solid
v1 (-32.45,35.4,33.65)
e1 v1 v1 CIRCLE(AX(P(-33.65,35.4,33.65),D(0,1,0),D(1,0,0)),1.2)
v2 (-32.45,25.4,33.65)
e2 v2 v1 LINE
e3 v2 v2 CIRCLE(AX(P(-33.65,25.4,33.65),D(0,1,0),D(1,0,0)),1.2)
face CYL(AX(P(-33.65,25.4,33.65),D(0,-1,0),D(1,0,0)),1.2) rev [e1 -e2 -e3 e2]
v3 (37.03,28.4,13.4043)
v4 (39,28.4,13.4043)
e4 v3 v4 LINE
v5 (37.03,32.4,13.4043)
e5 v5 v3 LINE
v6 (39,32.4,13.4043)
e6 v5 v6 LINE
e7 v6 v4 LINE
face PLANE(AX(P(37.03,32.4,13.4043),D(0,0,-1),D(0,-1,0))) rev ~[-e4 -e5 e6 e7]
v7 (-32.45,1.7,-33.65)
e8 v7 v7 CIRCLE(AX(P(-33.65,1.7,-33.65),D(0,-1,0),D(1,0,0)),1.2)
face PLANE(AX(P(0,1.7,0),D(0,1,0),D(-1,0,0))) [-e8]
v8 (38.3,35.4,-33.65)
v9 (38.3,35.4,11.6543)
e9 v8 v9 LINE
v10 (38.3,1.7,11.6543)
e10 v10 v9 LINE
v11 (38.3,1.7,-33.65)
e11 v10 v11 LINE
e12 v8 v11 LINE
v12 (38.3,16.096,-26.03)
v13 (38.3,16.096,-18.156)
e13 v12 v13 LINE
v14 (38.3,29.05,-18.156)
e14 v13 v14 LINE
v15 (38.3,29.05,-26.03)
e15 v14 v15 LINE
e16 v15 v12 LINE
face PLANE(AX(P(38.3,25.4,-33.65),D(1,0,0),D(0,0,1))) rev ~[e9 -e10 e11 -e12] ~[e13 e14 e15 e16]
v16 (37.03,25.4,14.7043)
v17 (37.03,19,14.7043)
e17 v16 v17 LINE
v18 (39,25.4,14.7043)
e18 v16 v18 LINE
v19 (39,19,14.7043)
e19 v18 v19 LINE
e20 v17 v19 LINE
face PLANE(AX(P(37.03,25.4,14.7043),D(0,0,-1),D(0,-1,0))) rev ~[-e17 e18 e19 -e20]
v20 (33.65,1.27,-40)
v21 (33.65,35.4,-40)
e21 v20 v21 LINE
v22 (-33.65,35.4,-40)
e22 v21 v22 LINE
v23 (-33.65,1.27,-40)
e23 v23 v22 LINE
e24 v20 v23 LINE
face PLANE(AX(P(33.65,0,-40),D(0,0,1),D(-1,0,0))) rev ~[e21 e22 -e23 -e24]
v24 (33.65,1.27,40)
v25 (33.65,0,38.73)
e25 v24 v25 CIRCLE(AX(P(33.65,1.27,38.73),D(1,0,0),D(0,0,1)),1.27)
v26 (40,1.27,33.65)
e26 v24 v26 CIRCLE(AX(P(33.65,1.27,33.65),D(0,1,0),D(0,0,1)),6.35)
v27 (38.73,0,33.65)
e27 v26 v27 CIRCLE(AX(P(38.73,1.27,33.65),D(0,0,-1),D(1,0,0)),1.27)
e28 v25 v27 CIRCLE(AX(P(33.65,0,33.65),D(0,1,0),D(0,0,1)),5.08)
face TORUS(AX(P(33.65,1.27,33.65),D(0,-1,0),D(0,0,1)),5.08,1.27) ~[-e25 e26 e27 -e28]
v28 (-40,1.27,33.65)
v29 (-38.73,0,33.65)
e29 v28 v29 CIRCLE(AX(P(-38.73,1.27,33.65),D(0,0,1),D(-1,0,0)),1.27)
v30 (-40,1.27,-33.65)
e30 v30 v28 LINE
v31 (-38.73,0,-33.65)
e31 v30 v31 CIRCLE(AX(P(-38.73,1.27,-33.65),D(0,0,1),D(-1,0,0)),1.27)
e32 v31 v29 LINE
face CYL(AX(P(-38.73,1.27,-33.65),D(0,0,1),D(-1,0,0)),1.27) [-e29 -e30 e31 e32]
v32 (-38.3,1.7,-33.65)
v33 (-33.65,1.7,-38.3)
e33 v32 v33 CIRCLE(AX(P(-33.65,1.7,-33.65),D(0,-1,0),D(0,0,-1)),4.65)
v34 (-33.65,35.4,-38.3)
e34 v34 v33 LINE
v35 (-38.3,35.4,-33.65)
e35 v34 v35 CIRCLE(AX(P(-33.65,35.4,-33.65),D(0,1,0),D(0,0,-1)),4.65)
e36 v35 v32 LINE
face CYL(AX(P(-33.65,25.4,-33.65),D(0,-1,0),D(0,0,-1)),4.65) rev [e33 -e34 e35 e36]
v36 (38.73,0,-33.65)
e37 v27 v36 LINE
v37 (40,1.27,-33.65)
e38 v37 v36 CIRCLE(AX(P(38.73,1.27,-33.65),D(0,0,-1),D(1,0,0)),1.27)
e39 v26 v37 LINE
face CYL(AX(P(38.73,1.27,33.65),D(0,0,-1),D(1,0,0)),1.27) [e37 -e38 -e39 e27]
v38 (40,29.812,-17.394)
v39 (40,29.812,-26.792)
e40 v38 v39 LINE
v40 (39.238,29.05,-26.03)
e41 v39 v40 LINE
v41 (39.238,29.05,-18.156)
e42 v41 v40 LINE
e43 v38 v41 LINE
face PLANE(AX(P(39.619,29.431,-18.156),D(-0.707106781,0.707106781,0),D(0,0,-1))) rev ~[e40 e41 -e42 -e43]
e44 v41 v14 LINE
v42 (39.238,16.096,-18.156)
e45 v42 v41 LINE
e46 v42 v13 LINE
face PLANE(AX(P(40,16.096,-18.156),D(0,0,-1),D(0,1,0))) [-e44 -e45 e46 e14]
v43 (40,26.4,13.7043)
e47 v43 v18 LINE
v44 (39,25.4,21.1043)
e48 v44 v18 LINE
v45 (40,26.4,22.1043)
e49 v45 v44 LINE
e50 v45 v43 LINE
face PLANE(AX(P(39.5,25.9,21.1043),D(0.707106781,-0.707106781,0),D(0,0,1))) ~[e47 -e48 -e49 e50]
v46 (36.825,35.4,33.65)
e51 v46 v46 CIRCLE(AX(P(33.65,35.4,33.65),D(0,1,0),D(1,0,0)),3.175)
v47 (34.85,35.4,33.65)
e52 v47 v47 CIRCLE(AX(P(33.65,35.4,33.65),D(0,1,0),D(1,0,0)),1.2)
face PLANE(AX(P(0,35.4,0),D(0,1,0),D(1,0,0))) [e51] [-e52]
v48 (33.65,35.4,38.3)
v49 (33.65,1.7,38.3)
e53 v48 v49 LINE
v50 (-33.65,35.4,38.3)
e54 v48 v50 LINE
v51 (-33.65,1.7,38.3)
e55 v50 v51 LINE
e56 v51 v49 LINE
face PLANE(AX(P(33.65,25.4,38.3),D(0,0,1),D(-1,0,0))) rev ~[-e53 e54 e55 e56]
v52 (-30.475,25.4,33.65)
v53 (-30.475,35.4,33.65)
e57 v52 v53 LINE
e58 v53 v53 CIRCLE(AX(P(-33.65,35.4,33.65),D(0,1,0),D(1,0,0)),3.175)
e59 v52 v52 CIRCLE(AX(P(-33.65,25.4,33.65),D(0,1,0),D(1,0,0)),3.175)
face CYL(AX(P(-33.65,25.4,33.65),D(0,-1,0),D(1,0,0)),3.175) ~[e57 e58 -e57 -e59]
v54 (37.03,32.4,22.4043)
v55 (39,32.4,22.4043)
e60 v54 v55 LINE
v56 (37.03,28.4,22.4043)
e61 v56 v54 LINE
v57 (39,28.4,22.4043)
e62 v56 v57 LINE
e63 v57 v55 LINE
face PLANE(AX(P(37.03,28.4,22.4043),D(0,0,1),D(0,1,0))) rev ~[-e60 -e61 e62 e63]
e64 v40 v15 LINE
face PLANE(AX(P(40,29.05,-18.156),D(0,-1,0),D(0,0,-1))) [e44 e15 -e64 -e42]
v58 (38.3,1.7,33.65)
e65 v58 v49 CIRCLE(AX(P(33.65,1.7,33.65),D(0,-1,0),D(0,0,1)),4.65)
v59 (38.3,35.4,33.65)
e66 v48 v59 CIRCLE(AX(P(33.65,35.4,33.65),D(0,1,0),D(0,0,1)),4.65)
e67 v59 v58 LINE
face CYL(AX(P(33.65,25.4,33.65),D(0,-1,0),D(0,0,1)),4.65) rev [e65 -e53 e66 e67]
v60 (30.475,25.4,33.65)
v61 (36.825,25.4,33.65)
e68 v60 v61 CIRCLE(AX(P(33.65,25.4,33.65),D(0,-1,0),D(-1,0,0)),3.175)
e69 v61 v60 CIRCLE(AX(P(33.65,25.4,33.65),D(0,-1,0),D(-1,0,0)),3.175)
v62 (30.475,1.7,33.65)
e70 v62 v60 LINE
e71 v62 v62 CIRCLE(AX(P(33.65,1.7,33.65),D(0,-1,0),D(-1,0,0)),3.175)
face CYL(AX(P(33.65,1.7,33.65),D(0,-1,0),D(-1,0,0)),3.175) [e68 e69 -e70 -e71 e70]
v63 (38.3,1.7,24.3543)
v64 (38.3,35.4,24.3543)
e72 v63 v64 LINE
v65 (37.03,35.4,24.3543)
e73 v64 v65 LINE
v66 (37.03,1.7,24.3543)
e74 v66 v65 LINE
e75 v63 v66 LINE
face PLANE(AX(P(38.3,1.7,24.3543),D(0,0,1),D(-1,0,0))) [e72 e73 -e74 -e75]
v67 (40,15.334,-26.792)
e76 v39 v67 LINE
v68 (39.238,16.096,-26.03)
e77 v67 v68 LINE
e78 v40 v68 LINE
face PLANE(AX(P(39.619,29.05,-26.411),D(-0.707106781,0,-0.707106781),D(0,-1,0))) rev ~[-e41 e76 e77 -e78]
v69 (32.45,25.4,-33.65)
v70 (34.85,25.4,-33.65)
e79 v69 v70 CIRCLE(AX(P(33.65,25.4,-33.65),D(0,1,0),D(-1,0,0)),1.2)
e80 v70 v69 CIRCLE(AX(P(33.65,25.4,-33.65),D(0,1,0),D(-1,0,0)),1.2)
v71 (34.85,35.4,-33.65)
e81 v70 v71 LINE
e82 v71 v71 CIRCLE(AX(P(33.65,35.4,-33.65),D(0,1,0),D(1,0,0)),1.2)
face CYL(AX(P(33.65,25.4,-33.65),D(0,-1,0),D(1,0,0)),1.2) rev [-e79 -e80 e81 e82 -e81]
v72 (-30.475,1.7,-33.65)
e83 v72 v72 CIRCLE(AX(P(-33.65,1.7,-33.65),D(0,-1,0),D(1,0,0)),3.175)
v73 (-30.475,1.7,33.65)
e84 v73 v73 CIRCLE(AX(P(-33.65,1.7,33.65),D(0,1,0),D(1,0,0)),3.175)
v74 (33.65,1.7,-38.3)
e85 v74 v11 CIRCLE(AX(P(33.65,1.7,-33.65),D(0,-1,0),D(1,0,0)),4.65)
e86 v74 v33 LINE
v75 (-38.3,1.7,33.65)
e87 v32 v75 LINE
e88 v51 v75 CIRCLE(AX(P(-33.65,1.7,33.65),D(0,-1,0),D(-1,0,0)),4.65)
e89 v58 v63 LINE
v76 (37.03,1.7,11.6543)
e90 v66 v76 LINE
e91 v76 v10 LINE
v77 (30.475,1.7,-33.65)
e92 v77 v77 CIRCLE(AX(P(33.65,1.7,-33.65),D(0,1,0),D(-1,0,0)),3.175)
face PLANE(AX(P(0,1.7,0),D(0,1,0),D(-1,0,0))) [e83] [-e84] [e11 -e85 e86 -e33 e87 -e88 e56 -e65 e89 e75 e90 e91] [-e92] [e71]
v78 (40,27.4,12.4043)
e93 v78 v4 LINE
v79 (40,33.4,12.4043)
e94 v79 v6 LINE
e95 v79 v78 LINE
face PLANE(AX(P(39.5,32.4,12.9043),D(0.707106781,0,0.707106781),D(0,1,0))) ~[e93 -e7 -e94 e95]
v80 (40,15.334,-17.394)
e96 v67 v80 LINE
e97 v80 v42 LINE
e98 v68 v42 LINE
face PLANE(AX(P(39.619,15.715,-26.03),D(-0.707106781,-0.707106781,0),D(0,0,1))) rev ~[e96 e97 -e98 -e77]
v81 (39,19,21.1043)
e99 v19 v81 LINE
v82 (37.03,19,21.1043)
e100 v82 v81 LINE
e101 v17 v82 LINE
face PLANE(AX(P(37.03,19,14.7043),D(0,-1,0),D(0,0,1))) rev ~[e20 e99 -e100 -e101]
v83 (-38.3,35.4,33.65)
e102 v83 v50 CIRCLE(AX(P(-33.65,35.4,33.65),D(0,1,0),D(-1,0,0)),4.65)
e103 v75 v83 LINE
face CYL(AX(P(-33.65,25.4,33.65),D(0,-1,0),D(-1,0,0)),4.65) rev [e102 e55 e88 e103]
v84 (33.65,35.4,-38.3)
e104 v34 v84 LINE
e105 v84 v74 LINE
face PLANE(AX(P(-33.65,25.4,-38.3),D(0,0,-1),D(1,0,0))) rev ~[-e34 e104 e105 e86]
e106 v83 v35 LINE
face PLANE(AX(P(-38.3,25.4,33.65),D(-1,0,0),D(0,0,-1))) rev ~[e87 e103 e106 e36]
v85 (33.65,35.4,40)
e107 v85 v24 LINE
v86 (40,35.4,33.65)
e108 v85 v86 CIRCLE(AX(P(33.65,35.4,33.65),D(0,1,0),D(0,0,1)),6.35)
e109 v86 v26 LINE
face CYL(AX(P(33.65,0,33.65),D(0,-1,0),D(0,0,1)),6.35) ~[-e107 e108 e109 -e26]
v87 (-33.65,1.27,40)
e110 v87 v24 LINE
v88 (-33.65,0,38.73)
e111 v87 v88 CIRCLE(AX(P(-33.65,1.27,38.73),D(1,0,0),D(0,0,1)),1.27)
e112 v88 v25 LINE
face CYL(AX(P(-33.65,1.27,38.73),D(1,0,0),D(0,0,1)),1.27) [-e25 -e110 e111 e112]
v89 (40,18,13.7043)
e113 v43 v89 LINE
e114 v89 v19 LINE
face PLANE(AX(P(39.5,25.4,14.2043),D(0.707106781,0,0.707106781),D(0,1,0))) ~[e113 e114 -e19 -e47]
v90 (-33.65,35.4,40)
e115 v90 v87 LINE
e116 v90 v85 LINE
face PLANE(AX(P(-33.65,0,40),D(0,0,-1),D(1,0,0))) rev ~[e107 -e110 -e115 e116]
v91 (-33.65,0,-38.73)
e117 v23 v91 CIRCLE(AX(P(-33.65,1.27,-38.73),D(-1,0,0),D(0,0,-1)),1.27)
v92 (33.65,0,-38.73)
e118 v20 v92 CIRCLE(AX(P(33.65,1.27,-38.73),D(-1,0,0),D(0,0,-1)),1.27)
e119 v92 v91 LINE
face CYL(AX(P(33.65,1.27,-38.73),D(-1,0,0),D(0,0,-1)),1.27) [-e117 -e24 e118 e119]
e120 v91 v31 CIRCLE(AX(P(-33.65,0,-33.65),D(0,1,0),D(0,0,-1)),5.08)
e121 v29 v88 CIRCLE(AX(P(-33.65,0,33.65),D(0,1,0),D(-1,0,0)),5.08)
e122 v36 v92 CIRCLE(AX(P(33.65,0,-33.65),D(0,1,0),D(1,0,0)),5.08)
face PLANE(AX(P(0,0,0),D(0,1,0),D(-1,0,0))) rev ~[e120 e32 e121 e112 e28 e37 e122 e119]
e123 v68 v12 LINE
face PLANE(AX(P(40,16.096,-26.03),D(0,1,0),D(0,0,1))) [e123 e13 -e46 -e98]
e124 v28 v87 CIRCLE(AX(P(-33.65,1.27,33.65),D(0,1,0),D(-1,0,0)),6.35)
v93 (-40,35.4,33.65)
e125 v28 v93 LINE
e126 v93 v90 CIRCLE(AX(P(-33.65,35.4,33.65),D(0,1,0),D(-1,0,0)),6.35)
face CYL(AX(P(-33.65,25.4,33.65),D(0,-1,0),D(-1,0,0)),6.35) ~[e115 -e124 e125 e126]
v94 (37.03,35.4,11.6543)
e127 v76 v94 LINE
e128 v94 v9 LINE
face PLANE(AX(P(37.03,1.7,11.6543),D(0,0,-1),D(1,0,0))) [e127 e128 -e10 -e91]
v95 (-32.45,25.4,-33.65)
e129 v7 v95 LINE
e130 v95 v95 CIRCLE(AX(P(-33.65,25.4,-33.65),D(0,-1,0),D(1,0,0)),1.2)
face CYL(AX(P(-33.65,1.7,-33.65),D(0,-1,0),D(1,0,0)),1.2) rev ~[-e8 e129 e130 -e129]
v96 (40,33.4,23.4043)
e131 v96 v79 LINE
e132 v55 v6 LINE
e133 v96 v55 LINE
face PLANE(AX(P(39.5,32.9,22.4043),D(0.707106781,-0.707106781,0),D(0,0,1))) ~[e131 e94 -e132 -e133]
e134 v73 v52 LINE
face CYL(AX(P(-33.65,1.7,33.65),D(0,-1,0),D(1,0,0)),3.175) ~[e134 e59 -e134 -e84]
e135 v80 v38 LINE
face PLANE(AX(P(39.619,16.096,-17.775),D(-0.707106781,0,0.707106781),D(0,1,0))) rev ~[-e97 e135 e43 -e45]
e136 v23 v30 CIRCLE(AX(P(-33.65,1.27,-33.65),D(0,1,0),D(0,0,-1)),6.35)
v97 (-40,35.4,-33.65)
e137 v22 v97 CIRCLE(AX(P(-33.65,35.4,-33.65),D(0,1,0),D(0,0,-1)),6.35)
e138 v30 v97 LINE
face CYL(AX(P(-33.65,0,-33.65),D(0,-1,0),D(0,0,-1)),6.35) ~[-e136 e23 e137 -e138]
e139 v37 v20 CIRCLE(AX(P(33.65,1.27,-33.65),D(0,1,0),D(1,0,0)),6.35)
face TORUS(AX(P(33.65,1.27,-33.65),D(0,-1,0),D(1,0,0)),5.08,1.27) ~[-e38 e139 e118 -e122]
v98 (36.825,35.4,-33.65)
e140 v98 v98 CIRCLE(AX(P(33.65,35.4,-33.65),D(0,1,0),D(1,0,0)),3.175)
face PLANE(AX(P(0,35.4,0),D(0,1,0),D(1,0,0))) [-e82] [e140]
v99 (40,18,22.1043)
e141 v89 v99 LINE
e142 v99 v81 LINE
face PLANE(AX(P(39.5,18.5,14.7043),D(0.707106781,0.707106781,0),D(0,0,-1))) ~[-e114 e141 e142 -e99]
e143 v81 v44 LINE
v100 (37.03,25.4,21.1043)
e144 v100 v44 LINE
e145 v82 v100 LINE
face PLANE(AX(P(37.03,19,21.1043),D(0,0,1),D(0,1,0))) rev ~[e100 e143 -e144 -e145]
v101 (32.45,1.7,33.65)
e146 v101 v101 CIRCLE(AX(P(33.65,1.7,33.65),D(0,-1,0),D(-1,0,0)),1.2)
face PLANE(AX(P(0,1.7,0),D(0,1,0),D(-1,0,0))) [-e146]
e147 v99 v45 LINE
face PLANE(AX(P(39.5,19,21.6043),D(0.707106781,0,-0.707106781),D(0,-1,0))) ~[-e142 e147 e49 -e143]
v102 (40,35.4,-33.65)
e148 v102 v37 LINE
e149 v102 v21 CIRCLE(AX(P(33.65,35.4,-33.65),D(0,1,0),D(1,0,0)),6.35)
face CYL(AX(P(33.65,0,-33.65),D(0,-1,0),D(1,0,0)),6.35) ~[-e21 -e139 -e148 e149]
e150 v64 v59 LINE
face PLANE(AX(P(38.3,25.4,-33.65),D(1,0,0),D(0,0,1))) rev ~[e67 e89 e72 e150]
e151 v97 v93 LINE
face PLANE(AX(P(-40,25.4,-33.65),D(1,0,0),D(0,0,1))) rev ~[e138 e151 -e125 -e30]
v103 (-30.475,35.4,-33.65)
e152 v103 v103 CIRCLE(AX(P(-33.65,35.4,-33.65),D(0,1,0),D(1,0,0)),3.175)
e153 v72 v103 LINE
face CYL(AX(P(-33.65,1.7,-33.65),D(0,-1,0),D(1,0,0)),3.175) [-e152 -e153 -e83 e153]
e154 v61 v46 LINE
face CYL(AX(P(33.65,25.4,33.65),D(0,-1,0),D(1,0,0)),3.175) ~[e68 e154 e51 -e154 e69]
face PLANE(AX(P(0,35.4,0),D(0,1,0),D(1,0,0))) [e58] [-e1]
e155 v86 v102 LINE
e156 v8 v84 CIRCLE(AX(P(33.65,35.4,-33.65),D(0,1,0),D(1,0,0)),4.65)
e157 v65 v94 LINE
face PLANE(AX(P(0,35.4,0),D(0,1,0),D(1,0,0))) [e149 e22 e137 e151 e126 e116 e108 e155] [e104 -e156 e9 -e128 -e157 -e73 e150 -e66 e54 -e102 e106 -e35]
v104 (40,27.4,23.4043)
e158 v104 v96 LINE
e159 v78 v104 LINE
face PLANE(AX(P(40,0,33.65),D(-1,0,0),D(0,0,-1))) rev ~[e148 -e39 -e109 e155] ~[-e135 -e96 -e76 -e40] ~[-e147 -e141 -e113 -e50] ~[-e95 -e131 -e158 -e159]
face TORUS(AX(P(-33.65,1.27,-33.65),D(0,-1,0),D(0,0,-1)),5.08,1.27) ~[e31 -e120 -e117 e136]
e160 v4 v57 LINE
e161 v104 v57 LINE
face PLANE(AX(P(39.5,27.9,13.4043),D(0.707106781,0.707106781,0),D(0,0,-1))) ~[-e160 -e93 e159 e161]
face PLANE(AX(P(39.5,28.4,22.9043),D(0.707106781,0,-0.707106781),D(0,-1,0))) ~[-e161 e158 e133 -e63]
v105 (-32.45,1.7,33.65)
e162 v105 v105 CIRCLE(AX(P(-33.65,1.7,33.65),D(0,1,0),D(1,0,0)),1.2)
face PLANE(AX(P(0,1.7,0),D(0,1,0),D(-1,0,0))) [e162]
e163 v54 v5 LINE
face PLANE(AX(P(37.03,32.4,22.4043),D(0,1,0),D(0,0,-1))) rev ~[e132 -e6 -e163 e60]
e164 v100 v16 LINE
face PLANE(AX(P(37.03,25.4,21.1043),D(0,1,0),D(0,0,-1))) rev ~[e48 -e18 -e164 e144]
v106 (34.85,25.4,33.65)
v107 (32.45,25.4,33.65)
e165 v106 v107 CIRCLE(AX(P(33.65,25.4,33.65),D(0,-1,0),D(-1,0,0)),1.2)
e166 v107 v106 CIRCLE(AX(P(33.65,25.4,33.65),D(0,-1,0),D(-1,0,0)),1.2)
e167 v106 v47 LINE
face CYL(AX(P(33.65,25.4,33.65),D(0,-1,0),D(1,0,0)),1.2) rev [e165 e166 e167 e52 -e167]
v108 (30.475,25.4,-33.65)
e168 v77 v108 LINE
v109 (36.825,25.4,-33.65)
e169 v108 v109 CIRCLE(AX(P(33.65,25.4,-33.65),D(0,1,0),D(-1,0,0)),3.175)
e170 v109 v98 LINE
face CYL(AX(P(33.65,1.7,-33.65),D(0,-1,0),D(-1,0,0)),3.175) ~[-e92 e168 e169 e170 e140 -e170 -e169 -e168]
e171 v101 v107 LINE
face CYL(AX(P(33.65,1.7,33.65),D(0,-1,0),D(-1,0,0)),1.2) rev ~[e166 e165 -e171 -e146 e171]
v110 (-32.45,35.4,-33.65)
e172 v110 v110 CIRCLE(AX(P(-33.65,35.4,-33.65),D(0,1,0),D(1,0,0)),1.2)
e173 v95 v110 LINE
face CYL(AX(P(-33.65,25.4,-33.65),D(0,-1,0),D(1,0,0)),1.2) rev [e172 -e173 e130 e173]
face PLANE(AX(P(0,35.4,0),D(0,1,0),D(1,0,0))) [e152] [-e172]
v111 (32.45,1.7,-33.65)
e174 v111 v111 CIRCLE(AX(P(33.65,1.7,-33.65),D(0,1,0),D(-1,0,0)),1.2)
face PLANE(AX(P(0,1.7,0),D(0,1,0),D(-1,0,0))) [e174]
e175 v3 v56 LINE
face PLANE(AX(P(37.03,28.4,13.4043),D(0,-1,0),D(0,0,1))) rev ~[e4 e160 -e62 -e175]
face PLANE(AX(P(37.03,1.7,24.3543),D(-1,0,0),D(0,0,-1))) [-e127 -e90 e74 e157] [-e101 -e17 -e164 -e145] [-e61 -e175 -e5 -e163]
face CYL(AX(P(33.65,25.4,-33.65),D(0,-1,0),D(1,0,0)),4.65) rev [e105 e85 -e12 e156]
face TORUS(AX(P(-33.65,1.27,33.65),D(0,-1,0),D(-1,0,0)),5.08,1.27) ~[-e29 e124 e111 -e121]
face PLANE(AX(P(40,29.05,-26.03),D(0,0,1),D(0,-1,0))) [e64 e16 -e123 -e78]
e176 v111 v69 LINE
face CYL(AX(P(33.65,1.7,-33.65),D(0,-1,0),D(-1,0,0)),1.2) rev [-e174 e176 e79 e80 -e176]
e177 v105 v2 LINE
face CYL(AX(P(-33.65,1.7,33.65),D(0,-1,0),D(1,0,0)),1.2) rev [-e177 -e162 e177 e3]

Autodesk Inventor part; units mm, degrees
ref_plane "YZ Plane" through (0, 0, 0) normal (1, 0, 0) x (0, 1, 0)
ref_plane "XZ Plane" through (0, 0, 0) normal (0, 1, 0) x (-1, 0, 0)
ref_plane "XY Plane" through (0, 0, 0) normal (0, 0, 1) x (1, 0, 0)
sketch "Sketch1" plane through (0, 0, 0) normal (0, 1, 0) x (-1, 0, 0)
  line L0 (-33.65, -40) -> (33.65, -40)
  line L1 (40, -33.65) -> (40, 33.65)
  line L2 (33.65, 40) -> (-33.65, 40)
  line L3 (-40, 33.65) -> (-40, -33.65)
  line L4 (-40, -40) -> (40, 40) construction
  line L5 (40, -40) -> (-40, 40) construction
  arc A0 (40, 33.65) -> (33.65, 40) centre (33.65, 33.65) ccw
  arc A1 (-33.65, 40) -> (-40, 33.65) centre (-33.65, 33.65) ccw
  arc A2 (-40, -33.65) -> (-33.65, -40) centre (-33.65, -33.65) ccw
  arc A3 (33.65, -40) -> (40, -33.65) centre (33.65, -33.65) ccw
  point P0 (0, 0)
  dimension "d0" = 80
  dimension "d1" = 80
  dimension "d2" = 6.35
extrude "Extrusion1" add sketch "Sketch1" along normal blind 25.4
shell "Shell1" thickness 1.7 removed faces 1 at (-11.2167, 25.4, 9.1)
fillet "Fillet1" radius 1.27 8 edges at (-38.1401, 0, -38.1401) (-40, 0, 0) (-38.1401, 0, 38.1401) (0, 0, 40) (38.1401, 0, 38.1401) (40, 0, 0) (38.1401, 0, -38.1401) (0, 0, -40)
sketch "Sketch2" plane through (-33.65, 1.7, 38.3) normal (0, 1, 0) x (1, 0, 0)
  arc A0 (-4.65, 4.65) -> (0, 0) centre (0, 4.65) ccw projected
  circle A1 centre (0, 4.65) radius 3.175
  circle A2 centre (0, 4.65) radius 1.2
  point P0 (33.65, 38.3)
  dimension "d7" = 6.35
  dimension "d8" = 2.4
extrude "Extrusion2" add sketch "Sketch2" along normal up to surface (23.7 mm away)
mirror "Mirror1" about plane through (0, 0, 0) normal (1, 0, 0) of "Extrusion2"
mirror "Mirror2" about plane through (0, 0, 0) normal (0, 0, 1) of "Extrusion2", "Mirror1"
sketch "Sketch4" plane through (0, 25.4, 0) normal (0, 1, 0) x (1, 0, 0)
  line L0 (-38.3, -33.65) -> (-38.3, 33.65) projected
  arc A0 (-33.65, 38.3) -> (-38.3, 33.65) centre (-33.65, 33.65) ccw projected
  line L1 (-33.65, 38.3) -> (33.65, 38.3) projected
  arc A1 (38.3, 33.65) -> (33.65, 38.3) centre (33.65, 33.65) ccw projected
  line L2 (38.3, 33.65) -> (38.3, -33.65) projected
  arc A2 (33.65, -38.3) -> (38.3, -33.65) centre (33.65, -33.65) ccw projected
  line L3 (33.65, -38.3) -> (-33.65, -38.3) projected
  arc A3 (-38.3, -33.65) -> (-33.65, -38.3) centre (-33.65, -33.65) ccw projected
  arc A4 (-40, -33.65) -> (-33.65, -40) centre (-33.65, -33.65) ccw projected
  line L4 (-33.65, -40) -> (33.65, -40) projected
  arc A5 (33.65, -40) -> (40, -33.65) centre (33.65, -33.65) ccw projected
  line L5 (40, -33.65) -> (40, 33.65) projected
  arc A6 (40, 33.65) -> (33.65, 40) centre (33.65, 33.65) ccw projected
  line L6 (33.65, 40) -> (-33.65, 40) projected
  arc A7 (-33.65, 40) -> (-40, 33.65) centre (-33.65, 33.65) ccw projected
  line L7 (-40, 33.65) -> (-40, -33.65) projected
  circle A8 centre (-33.65, 33.65) radius 1.2 projected
  circle A9 centre (-33.65, 33.65) radius 3.175 projected
  circle A10 centre (-33.65, -33.65) radius 1.2 projected
  circle A11 centre (-33.65, -33.65) radius 3.175 projected
  circle A12 centre (33.65, -33.65) radius 1.2 projected
  circle A13 centre (33.65, -33.65) radius 3.175 projected
  circle A14 centre (33.65, 33.65) radius 1.2 projected
  circle A15 centre (33.65, 33.65) radius 3.175 projected
  point P0 (0, 0)
extrude "Extrusion4" add sketch "Sketch4" along normal blind 10
sketch "Sketch5" plane through (-33.65, 1.7, 38.3) normal (0, 1, 0) x (1, 0, 0)
  line L0 (71.95, 71.95) -> (71.95, 4.65) projected
  line L1 (71.95, 13.9457) -> (70.68, 13.9457)
  line L2 (70.68, 13.9457) -> (70.68, 26.6457)
  line L3 (70.68, 26.6457) -> (71.95, 26.6457)
  line L4 (71.95, 26.6457) -> (71.95, 13.9457)
  point P0 (33.65, 38.3)
  dimension "d18" = 1.27
  dimension "d19" = 12.7
extrude "Extrusion5" add sketch "Sketch5" along normal up to surface (33.7 mm away)
sketch "Sketch6" plane through (37.03, 1.7, 11.6543) normal (-1, 0, 0) x (0, 0, 1)
  line L0 (10.75, 30.7) -> (1.75, 30.7)
  line L1 (1.75, 30.7) -> (1.75, 26.7)
  line L2 (1.75, 26.7) -> (10.75, 26.7)
  line L3 (10.75, 26.7) -> (10.75, 30.7)
  line L4 (0, 0) -> (0, 33.7) projected
  line L5 (21.9957, 33.7) -> (-45.3043, 33.7) projected
  line L6 (3.05, 17.3) -> (9.45, 17.3)
  line L7 (9.45, 17.3) -> (9.45, 23.7)
  line L8 (9.45, 23.7) -> (3.05, 23.7)
  line L9 (3.05, 23.7) -> (3.05, 17.3)
  line L10 (3.05, 17.3) -> (9.45, 23.7) construction
  line L11 (9.45, 17.3) -> (3.05, 23.7) construction
  point P0 (-11.6543, -1.7)
  point P1 (6.25, 20.5)
  dimension "d22" = 9
  dimension "d23" = 4
  dimension "d24" = 1.75
  dimension "d25" = 3
  dimension "d26" = 6.4
  dimension "d27" = 6.4
  dimension "d28" = 3
extrude "Extrusion6" cut sketch "Sketch6" against normal blind 10
chamfer "Chamfer1" distance 1 angle 45 8 edges at (40, 28.4, 17.9043) (40, 30.4, 22.4043) (40, 32.4, 17.9043) (40, 30.4, 13.4043) (40, 22.2, 21.1043) (40, 22.2, 14.7043) (40, 19, 17.9043) (40, 25.4, 17.9043)
sketch "Sketch7" plane through (40, 1.27, 33.65) normal (1, 0, 0) x (0, 0, -1)
  line L0 (59.68, 14.826) -> (51.806, 14.826)
  line L1 (51.806, 14.826) -> (51.806, 27.78)
  line L2 (51.806, 27.78) -> (59.68, 27.78)
  line L3 (59.68, 27.78) -> (59.68, 14.826)
  line L4 (59.68, 14.826) -> (51.806, 27.78) construction
  line L5 (51.806, 14.826) -> (59.68, 27.78) construction
  line L6 (0, 34.13) -> (67.3, 34.13) projected
  line L7 (67.3, 0) -> (67.3, 34.13) projected
  point P0 (33.65, -1.27)
  point P1 (55.743, 21.303)
  dimension "d34" = 7.874
  dimension "d35" = 12.954
  dimension "d36" = 6.35
  dimension "d37" = 7.62
extrude "Extrusion7" cut sketch "Sketch7" against normal blind 25.4
chamfer "Chamfer2" distance 0.762 angle 45 4 edges at (40, 22.573, -18.156) (40, 16.096, -22.093) (40, 29.05, -22.093) (40, 22.573, -26.03)
properties part number "Arduino_case_bottom_JC_Rev2"
